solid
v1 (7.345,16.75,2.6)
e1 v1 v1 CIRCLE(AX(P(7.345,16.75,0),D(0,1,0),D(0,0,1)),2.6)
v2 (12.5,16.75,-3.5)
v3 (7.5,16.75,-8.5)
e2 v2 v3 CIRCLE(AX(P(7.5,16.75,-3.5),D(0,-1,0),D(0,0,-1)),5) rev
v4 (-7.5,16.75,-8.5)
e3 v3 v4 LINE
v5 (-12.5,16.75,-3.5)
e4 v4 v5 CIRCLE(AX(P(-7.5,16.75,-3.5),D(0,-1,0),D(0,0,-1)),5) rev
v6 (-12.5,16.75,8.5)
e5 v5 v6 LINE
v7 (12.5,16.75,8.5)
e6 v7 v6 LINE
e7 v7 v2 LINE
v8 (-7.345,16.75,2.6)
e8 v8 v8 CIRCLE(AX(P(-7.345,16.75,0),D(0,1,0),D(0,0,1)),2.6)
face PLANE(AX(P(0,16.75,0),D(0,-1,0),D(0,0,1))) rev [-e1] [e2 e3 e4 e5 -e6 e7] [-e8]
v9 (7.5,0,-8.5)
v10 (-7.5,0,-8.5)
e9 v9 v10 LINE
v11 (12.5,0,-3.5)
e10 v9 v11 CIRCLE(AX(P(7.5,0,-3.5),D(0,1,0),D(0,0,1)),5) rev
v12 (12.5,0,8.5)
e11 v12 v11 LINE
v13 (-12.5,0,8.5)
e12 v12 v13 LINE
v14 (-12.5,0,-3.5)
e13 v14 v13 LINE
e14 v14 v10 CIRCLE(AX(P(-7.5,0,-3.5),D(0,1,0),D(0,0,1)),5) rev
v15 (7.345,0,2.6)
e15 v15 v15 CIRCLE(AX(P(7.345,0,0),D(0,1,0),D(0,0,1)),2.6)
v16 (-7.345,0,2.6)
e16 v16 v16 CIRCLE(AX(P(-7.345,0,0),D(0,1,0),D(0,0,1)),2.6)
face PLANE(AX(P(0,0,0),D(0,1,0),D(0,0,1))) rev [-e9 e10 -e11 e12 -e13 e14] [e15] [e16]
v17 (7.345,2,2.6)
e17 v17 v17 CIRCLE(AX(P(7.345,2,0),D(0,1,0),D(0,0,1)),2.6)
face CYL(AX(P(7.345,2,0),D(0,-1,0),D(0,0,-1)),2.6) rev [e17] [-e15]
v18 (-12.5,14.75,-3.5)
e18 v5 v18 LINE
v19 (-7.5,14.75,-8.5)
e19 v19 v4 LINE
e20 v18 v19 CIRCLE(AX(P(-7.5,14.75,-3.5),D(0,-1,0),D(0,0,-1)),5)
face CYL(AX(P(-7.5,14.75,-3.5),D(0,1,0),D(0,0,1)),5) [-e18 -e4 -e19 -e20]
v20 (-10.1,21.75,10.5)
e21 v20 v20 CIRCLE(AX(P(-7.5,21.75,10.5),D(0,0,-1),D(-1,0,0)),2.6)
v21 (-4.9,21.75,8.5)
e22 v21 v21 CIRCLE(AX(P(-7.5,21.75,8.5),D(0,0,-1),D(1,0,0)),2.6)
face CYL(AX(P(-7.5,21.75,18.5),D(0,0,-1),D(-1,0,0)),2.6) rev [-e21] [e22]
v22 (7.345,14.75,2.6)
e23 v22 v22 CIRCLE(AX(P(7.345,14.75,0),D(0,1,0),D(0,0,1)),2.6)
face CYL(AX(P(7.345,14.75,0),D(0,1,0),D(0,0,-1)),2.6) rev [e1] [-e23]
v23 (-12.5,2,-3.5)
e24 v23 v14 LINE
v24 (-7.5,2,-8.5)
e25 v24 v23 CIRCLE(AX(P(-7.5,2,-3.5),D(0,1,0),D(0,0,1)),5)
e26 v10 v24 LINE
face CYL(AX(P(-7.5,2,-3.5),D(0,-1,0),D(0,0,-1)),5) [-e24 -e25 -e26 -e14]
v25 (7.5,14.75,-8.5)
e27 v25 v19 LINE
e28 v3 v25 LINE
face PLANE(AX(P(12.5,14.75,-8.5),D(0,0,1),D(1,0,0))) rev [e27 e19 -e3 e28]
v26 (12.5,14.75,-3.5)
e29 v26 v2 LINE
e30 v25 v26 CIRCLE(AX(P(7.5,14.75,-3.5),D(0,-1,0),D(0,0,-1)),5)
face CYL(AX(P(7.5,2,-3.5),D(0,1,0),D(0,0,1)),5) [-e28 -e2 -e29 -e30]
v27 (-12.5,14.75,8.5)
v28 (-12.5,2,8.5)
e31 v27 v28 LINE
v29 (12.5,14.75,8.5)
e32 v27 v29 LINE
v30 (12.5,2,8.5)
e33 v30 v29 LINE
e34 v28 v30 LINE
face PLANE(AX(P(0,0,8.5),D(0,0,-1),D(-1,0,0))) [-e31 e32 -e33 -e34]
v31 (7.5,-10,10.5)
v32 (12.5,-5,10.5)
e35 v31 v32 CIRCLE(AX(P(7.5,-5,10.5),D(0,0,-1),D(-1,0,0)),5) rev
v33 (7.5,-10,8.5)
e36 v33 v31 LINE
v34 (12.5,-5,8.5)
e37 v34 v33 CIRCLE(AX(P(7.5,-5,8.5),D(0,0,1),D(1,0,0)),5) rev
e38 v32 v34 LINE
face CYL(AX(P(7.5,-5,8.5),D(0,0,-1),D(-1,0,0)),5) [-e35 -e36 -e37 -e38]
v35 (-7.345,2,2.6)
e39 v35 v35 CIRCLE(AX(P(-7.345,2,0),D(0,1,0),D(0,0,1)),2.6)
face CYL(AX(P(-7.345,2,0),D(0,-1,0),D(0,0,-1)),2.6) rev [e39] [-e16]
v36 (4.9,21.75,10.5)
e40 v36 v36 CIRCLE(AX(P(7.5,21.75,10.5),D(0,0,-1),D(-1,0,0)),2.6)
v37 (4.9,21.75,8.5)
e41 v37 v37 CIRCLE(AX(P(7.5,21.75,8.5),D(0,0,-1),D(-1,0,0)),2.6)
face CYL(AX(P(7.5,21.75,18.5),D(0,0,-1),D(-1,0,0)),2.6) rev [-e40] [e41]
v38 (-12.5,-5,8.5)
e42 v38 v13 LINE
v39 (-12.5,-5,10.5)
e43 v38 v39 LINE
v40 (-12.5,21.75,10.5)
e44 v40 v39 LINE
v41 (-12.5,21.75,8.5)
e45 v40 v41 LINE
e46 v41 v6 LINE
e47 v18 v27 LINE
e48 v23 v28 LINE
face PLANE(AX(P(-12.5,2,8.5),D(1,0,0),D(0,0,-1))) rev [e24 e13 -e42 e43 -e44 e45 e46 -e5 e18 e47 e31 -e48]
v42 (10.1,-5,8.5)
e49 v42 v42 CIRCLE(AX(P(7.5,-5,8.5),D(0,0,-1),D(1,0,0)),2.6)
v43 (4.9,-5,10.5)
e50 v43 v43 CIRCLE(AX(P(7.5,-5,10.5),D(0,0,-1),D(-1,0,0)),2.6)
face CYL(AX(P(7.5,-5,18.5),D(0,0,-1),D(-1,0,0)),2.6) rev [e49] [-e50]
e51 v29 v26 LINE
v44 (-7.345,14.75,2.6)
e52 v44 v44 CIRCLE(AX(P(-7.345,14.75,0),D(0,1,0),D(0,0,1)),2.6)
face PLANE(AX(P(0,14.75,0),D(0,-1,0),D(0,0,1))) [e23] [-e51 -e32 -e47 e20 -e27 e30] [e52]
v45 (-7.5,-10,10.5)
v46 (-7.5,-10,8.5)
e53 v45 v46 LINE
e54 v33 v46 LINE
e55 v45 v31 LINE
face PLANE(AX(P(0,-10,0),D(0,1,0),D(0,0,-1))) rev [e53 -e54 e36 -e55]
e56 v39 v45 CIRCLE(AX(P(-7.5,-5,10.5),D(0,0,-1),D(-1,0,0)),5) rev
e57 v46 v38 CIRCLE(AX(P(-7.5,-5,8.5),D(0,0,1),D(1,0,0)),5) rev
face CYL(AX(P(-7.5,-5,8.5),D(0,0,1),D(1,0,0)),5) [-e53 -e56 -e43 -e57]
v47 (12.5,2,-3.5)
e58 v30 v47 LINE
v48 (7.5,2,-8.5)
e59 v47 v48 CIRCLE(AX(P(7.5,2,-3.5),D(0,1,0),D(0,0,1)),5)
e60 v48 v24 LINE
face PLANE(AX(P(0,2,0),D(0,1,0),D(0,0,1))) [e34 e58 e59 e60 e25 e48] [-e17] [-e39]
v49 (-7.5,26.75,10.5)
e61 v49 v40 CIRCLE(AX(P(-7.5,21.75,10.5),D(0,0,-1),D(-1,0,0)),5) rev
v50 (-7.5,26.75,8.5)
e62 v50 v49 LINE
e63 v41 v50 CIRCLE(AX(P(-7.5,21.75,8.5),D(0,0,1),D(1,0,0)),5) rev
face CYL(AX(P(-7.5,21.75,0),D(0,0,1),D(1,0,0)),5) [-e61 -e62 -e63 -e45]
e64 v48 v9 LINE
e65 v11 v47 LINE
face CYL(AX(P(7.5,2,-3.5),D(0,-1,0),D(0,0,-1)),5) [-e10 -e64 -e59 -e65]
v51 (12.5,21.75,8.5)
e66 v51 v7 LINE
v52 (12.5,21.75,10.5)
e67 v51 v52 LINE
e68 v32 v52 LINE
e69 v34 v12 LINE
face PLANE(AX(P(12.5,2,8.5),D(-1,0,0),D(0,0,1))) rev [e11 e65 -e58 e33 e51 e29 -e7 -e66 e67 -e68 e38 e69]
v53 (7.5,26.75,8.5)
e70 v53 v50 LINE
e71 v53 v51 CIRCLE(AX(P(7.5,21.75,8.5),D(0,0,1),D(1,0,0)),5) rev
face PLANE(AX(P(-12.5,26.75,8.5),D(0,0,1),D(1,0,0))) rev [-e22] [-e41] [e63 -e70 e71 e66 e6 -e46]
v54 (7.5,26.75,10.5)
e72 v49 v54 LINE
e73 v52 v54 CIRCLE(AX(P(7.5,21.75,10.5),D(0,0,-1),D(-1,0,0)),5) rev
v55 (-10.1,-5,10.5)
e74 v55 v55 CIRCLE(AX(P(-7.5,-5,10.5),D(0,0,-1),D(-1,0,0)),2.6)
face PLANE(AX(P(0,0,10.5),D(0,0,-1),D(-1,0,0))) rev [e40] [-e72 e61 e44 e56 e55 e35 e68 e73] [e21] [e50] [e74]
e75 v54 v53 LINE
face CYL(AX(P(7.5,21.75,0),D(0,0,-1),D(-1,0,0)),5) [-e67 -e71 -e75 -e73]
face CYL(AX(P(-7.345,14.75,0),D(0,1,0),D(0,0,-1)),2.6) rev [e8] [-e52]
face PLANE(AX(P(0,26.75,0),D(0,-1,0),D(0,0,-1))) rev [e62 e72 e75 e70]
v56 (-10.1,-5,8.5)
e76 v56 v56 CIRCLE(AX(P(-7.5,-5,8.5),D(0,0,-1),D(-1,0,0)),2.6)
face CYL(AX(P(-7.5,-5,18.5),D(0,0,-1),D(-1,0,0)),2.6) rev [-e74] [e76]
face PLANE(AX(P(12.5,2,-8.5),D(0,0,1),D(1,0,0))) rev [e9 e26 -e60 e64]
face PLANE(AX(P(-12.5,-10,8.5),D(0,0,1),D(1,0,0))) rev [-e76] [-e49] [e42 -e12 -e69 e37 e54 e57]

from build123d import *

# Parameters (mm, degrees)
SKETCH1_W           = 25
SKETCH1_H           = 17
SKETCH1_R           = 2.6
BOSS_EXTRUDE1_DEPTH = 2
SKETCH2_W           = 25
SKETCH2_H           = 14.75
BOSS_EXTRUDE2_DEPTH = 2
SKETCH3_W           = 25
SKETCH3_H           = 2
BOSS_EXTRUDE3_DEPTH = 10
FILLET1_R           = 5
SKETCH4_R           = 2.6
CUT_EXTRUDE1_DEPTH  = 10


with BuildPart() as part:
    # Sketch1 → Boss-Extrude1 (new body)
    with BuildSketch(Plane(origin=(0, 0, 0), x_dir=(1, 0, 0), z_dir=(0, 1, 0))):
        Rectangle(SKETCH1_W, SKETCH1_H)
        with Locations((-7.345, 0)):
            Circle(SKETCH1_R, mode=Mode.SUBTRACT)
        with Locations((7.345, 0)):
            Circle(SKETCH1_R, mode=Mode.SUBTRACT)
    extrude(amount=BOSS_EXTRUDE1_DEPTH)

    # Sketch2 → Boss-Extrude2 (add)
    with BuildSketch(Plane.XY.offset(8.5)):
        with Locations((0, 7.375)):
            Rectangle(SKETCH2_W, SKETCH2_H)
    extrude(amount=BOSS_EXTRUDE2_DEPTH)

    # Mirror2: part across plane


with BuildPart() as part_1:
    add(part.part)
    add(part.part.mirror(Plane.ZX.offset(8.375)))

    # Sketch3 → Boss-Extrude3 (add)
    with BuildSketch(Plane(origin=(0, 16.75, 0), x_dir=(1, 0, 0), z_dir=(0, 1, 0))):
        with Locations((0, -9.5)):
            Rectangle(SKETCH3_W, SKETCH3_H)
    extrude(amount=BOSS_EXTRUDE3_DEPTH)

    # Mirror3: part across plane


with BuildPart() as part_2:
    add(part_1.part)
    add(part_1.part.mirror(Plane.ZX.offset(8.375)))

    # Fillet1
    fillet1_edges = [part_2.edges().sort_by_distance(p)[0] for p in [
        (12.5, 15.75, -8.5),
        (-12.5, 15.75, -8.5),
        (-12.5, 26.75, 9.5),
        (12.5, 26.75, 9.5),
        (-12.5, 1, -8.5),
        (12.5, 1, -8.5),
        (-12.5, -10, 9.5),
        (12.5, -10, 9.5),
    ]]
    fillet(fillet1_edges, radius=FILLET1_R)

    # Sketch4 → Cut-Extrude1 (cut)
    with BuildSketch(Plane(origin=(0, 0, 8.5), x_dir=(-1, 0, 0), z_dir=(0, 0, -1))):
        with Locations((-7.5, 21.75)):
            Circle(SKETCH4_R)
        with Locations((7.5, 21.75)):
            Circle(SKETCH4_R)
        with Locations((7.5, -5)):
            Circle(SKETCH4_R)
        with Locations((-7.5, -5)):
            Circle(SKETCH4_R)
    extrude(amount=-CUT_EXTRUDE1_DEPTH, mode=Mode.SUBTRACT)


solid = part_2.part
